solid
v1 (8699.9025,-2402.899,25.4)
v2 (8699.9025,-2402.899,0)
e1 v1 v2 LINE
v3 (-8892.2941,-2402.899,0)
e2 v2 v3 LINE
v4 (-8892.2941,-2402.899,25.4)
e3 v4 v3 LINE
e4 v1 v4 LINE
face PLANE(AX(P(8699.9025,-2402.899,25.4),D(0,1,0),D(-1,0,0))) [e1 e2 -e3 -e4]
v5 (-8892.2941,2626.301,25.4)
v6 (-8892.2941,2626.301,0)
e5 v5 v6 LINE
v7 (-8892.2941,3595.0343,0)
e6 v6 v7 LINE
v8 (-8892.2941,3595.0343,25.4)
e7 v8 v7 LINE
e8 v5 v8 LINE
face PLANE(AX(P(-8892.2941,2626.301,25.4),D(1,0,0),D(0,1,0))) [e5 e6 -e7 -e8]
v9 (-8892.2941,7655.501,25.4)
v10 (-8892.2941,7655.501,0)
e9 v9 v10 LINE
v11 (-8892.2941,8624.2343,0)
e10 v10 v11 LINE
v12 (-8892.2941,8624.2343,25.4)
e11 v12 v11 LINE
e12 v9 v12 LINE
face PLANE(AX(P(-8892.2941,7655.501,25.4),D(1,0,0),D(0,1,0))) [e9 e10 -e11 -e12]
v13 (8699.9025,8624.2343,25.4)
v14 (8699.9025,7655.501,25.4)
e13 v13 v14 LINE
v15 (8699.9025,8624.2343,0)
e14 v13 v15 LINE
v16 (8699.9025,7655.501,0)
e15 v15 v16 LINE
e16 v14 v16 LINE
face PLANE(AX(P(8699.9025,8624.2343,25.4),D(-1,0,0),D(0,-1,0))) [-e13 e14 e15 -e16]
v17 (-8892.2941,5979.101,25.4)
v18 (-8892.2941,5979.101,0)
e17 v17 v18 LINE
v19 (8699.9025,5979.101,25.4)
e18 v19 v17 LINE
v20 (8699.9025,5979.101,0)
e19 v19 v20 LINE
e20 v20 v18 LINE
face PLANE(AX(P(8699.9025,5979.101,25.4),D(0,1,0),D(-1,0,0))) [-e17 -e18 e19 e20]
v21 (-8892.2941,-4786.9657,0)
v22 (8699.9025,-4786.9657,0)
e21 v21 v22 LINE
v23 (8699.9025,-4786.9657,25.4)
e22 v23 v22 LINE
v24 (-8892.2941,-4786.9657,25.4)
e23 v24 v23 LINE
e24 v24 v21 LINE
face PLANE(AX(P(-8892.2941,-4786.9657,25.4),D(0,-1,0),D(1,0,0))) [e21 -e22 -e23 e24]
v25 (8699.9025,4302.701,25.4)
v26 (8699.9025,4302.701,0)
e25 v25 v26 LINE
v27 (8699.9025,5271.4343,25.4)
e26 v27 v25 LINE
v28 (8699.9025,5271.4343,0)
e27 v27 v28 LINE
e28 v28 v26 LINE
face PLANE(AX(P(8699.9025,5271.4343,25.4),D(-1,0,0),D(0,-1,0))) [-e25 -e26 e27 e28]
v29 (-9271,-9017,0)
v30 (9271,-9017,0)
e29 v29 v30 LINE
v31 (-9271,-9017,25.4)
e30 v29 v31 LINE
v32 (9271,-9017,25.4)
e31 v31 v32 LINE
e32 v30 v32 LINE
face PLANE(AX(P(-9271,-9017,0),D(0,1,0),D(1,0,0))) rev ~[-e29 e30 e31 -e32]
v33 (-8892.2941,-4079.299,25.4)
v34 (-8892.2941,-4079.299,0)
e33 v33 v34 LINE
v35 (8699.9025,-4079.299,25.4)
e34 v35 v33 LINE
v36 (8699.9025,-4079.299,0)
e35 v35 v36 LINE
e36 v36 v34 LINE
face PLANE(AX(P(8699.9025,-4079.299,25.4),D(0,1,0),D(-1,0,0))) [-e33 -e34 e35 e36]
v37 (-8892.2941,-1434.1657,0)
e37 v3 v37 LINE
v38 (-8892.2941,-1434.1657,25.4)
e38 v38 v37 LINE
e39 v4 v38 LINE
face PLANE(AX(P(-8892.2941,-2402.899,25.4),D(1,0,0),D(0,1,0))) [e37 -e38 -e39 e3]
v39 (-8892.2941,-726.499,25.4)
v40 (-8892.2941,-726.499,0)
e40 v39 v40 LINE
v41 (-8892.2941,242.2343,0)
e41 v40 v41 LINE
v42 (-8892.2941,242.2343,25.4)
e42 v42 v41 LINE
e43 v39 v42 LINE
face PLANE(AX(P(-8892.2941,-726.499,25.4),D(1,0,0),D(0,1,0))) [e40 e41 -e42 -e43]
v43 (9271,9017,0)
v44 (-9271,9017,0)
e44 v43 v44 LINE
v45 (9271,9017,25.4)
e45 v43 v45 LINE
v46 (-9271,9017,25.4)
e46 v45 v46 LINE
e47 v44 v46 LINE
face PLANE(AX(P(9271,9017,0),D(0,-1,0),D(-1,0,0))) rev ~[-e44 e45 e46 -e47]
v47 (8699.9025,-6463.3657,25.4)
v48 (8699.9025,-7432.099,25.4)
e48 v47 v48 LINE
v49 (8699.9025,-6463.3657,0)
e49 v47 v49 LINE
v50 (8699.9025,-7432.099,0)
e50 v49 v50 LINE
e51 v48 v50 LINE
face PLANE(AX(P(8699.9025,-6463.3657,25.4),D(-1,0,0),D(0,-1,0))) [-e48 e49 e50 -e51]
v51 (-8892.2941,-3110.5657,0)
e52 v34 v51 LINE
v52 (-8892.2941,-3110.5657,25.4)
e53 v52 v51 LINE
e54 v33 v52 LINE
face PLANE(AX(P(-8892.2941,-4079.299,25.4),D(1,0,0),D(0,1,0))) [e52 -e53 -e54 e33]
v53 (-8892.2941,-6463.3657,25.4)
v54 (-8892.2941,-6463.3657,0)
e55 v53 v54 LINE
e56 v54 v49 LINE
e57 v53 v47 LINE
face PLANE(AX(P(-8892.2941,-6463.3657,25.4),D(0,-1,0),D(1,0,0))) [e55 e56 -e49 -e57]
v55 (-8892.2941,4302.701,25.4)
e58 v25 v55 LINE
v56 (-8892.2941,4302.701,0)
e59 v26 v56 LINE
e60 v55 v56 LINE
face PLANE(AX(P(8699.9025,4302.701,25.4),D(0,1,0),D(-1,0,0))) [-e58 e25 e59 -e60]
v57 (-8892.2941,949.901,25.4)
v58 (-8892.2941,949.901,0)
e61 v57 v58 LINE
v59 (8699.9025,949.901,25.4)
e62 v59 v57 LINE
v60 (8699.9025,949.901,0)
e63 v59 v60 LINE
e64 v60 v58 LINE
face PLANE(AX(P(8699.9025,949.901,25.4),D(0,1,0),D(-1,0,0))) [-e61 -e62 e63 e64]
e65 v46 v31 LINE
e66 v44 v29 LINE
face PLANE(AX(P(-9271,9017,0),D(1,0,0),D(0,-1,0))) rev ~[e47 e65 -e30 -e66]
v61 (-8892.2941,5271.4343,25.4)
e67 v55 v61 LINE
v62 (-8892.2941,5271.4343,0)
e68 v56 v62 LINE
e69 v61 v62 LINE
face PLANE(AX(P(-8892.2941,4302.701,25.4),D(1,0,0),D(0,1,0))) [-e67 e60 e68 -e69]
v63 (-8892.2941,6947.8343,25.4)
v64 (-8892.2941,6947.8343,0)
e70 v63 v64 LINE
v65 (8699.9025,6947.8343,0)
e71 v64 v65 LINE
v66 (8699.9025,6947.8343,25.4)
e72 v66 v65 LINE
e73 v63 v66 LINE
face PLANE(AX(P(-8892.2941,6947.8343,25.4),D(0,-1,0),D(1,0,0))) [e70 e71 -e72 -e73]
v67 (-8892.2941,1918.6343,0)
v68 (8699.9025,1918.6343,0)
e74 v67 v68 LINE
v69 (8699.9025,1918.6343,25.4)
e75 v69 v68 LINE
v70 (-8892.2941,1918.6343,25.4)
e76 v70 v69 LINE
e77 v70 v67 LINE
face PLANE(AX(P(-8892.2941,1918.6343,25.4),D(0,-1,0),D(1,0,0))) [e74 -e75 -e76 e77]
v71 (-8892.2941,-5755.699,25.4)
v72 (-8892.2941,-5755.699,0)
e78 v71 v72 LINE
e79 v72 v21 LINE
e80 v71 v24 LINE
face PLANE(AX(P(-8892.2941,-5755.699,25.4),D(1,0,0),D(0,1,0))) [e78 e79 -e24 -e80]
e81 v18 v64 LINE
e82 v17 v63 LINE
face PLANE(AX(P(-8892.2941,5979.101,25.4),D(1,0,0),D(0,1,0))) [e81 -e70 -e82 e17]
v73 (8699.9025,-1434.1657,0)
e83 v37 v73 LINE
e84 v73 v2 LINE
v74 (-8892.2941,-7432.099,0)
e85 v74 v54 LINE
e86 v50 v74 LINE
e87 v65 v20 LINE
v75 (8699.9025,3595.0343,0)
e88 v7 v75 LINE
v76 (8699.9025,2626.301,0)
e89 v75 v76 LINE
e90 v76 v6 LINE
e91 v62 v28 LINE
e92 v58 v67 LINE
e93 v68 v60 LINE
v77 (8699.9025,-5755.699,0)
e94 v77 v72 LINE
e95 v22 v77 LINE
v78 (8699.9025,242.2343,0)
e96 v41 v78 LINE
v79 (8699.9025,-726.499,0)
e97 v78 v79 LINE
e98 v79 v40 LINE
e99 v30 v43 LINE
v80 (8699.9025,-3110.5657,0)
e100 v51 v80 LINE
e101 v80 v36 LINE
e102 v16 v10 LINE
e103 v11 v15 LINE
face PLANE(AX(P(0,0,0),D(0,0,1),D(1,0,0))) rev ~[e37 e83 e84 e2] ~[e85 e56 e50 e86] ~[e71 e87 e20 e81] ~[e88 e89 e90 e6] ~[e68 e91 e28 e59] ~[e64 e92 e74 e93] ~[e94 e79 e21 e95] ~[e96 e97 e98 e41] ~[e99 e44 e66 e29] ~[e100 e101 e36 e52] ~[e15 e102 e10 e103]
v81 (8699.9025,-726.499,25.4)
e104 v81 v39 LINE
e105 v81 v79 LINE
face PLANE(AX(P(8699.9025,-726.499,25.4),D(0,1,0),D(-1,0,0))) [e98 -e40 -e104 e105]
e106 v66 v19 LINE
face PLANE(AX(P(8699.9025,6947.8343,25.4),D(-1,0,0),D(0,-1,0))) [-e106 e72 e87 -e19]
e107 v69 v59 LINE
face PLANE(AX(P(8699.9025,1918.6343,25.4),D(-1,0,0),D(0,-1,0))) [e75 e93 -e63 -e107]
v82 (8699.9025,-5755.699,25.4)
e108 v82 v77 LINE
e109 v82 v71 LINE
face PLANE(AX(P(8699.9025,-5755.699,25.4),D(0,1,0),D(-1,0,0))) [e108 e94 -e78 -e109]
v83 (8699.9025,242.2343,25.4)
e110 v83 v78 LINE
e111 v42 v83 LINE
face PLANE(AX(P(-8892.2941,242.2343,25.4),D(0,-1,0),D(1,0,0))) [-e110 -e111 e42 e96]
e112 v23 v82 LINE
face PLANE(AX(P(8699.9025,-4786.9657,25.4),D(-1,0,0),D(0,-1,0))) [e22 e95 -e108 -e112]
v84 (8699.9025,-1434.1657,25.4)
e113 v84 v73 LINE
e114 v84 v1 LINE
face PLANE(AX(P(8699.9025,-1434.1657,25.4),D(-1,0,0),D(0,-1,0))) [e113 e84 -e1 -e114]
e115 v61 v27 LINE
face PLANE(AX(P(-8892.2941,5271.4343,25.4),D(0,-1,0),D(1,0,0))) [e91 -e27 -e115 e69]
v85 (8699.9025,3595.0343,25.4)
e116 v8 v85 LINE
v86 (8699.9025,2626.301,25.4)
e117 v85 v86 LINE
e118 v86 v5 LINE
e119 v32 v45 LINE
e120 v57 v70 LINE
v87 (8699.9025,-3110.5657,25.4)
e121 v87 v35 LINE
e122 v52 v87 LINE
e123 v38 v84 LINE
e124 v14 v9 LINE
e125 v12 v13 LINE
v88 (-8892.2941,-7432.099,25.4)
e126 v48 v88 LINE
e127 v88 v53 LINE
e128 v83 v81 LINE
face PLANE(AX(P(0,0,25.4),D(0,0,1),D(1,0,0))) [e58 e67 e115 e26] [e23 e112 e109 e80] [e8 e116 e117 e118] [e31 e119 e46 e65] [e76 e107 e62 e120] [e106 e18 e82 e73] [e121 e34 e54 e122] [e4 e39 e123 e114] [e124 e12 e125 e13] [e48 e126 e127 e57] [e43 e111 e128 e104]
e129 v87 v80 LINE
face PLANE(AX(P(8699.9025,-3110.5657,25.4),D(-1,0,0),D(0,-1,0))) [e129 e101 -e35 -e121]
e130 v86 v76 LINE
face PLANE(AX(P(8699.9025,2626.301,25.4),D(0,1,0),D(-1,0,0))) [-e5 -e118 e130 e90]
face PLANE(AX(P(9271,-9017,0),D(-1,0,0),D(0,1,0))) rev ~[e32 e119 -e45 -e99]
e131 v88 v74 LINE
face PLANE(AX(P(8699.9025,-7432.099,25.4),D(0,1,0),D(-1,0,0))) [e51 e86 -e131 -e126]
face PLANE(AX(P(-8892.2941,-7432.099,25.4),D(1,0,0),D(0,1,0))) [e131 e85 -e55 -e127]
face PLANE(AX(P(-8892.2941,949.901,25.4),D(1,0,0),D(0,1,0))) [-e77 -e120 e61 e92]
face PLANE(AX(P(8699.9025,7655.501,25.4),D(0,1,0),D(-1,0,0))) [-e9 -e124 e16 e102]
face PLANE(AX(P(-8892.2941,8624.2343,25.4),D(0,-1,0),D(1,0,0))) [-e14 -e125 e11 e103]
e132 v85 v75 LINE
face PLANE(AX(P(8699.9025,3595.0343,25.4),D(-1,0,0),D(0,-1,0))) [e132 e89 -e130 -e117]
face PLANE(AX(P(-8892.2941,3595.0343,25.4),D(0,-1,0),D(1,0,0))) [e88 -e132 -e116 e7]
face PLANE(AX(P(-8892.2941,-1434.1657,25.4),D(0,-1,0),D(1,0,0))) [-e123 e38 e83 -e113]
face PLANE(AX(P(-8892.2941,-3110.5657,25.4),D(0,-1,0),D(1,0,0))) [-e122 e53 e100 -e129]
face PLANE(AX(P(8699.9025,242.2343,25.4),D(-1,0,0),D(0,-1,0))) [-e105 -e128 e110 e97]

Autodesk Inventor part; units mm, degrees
ref_plane "YZ Plane" through (0, 0, 0) normal (1, 0, 0) x (0, 1, 0)
ref_plane "XZ Plane" through (0, 0, 0) normal (0, 1, 0) x (-1, 0, 0)
ref_plane "XY Plane" through (0, 0, 0) normal (0, 0, 1) x (1, 0, 0)
sketch "Sketch1" plane through (0, 0, 0) normal (0, 0, 1) x (1, 0, 0)
  point P0 (0, 0)
sketch "Sketch2" plane through (0, 0, 0) normal (0, 0, 1) x (1, 0, 0)
  line L0 (-9271, -9017) -> (9271, -9017)
  line L1 (9271, -9017) -> (9271, 9017)
  line L2 (9271, 9017) -> (-9271, 9017)
  line L3 (-9271, 9017) -> (-9271, -9017)
  line L4 (-9271, -9017) -> (9271, 9017) construction
  line L5 (9271, -9017) -> (-9271, 9017) construction
  point P0 (0, 0)
  point P1 (-3003.2817, -9017)
  point P2 (-3003.2817, -2921)
  point P3 (3003.2817, -2921)
  point P4 (3003.2817, -9017)
  dimension "d0" = 18542
  dimension "d1" = 18034
  dimension "d2" = 6096
extrude "Extrusion1" add sketch "Sketch2" along normal blind 25.4
sketch "Sketch3" plane through (0, 0, 25.4) normal (0, 0, 1) x (1, 0, 0)
  line L0 (-8892.2941, 8624.2343) -> (8699.9025, 8624.2343)
  line L1 (8699.9025, 8624.2343) -> (8699.9025, 7655.501)
  line L2 (8699.9025, 7655.501) -> (-8892.2941, 7655.501)
  line L3 (-8892.2941, 7655.501) -> (-8892.2941, 8624.2343)
  line L4 (8699.9025, 5979.101) -> (-8892.2941, 5979.101)
  line L5 (-8892.2941, 6947.8343) -> (8699.9025, 6947.8343)
  line L6 (-8892.2941, 5979.101) -> (-8892.2941, 6947.8343)
  line L7 (8699.9025, 6947.8343) -> (8699.9025, 5979.101)
  line L8 (8699.9025, 4302.701) -> (-8892.2941, 4302.701)
  line L9 (-8892.2941, 5271.4343) -> (8699.9025, 5271.4343)
  line L10 (-8892.2941, 4302.701) -> (-8892.2941, 5271.4343)
  line L11 (8699.9025, 5271.4343) -> (8699.9025, 4302.701)
  line L12 (8699.9025, 2626.301) -> (-8892.2941, 2626.301)
  line L13 (-8892.2941, 3595.0343) -> (8699.9025, 3595.0343)
  line L14 (-8892.2941, 2626.301) -> (-8892.2941, 3595.0343)
  line L15 (8699.9025, 3595.0343) -> (8699.9025, 2626.301)
  line L16 (8699.9025, 949.901) -> (-8892.2941, 949.901)
  line L17 (-8892.2941, 1918.6343) -> (8699.9025, 1918.6343)
  line L18 (-8892.2941, 949.901) -> (-8892.2941, 1918.6343)
  line L19 (8699.9025, 1918.6343) -> (8699.9025, 949.901)
  line L20 (8699.9025, -726.499) -> (-8892.2941, -726.499)
  line L21 (-8892.2941, 242.2343) -> (8699.9025, 242.2343)
  line L22 (-8892.2941, -726.499) -> (-8892.2941, 242.2343)
  line L23 (8699.9025, 242.2343) -> (8699.9025, -726.499)
  line L24 (8699.9025, -2402.899) -> (-8892.2941, -2402.899)
  line L25 (-8892.2941, -1434.1657) -> (8699.9025, -1434.1657)
  line L26 (-8892.2941, -2402.899) -> (-8892.2941, -1434.1657)
  line L27 (8699.9025, -1434.1657) -> (8699.9025, -2402.899)
  line L28 (8699.9025, -4079.299) -> (-8892.2941, -4079.299)
  line L29 (-8892.2941, -3110.5657) -> (8699.9025, -3110.5657)
  line L30 (-8892.2941, -4079.299) -> (-8892.2941, -3110.5657)
  line L31 (8699.9025, -3110.5657) -> (8699.9025, -4079.299)
  line L32 (8699.9025, -5755.699) -> (-8892.2941, -5755.699)
  line L33 (-8892.2941, -4786.9657) -> (8699.9025, -4786.9657)
  line L34 (-8892.2941, -5755.699) -> (-8892.2941, -4786.9657)
  line L35 (8699.9025, -4786.9657) -> (8699.9025, -5755.699)
  line L36 (8699.9025, -7432.099) -> (-8892.2941, -7432.099)
  line L37 (-8892.2941, -6463.3657) -> (8699.9025, -6463.3657)
  line L38 (-8892.2941, -7432.099) -> (-8892.2941, -6463.3657)
  line L39 (8699.9025, -6463.3657) -> (8699.9025, -7432.099)
  point P0 (0, 0)
  dimension "d7" = 1676.4
extrude "Extrusion2" cut sketch "Sketch3" against normal through all
properties part number "Front door"
